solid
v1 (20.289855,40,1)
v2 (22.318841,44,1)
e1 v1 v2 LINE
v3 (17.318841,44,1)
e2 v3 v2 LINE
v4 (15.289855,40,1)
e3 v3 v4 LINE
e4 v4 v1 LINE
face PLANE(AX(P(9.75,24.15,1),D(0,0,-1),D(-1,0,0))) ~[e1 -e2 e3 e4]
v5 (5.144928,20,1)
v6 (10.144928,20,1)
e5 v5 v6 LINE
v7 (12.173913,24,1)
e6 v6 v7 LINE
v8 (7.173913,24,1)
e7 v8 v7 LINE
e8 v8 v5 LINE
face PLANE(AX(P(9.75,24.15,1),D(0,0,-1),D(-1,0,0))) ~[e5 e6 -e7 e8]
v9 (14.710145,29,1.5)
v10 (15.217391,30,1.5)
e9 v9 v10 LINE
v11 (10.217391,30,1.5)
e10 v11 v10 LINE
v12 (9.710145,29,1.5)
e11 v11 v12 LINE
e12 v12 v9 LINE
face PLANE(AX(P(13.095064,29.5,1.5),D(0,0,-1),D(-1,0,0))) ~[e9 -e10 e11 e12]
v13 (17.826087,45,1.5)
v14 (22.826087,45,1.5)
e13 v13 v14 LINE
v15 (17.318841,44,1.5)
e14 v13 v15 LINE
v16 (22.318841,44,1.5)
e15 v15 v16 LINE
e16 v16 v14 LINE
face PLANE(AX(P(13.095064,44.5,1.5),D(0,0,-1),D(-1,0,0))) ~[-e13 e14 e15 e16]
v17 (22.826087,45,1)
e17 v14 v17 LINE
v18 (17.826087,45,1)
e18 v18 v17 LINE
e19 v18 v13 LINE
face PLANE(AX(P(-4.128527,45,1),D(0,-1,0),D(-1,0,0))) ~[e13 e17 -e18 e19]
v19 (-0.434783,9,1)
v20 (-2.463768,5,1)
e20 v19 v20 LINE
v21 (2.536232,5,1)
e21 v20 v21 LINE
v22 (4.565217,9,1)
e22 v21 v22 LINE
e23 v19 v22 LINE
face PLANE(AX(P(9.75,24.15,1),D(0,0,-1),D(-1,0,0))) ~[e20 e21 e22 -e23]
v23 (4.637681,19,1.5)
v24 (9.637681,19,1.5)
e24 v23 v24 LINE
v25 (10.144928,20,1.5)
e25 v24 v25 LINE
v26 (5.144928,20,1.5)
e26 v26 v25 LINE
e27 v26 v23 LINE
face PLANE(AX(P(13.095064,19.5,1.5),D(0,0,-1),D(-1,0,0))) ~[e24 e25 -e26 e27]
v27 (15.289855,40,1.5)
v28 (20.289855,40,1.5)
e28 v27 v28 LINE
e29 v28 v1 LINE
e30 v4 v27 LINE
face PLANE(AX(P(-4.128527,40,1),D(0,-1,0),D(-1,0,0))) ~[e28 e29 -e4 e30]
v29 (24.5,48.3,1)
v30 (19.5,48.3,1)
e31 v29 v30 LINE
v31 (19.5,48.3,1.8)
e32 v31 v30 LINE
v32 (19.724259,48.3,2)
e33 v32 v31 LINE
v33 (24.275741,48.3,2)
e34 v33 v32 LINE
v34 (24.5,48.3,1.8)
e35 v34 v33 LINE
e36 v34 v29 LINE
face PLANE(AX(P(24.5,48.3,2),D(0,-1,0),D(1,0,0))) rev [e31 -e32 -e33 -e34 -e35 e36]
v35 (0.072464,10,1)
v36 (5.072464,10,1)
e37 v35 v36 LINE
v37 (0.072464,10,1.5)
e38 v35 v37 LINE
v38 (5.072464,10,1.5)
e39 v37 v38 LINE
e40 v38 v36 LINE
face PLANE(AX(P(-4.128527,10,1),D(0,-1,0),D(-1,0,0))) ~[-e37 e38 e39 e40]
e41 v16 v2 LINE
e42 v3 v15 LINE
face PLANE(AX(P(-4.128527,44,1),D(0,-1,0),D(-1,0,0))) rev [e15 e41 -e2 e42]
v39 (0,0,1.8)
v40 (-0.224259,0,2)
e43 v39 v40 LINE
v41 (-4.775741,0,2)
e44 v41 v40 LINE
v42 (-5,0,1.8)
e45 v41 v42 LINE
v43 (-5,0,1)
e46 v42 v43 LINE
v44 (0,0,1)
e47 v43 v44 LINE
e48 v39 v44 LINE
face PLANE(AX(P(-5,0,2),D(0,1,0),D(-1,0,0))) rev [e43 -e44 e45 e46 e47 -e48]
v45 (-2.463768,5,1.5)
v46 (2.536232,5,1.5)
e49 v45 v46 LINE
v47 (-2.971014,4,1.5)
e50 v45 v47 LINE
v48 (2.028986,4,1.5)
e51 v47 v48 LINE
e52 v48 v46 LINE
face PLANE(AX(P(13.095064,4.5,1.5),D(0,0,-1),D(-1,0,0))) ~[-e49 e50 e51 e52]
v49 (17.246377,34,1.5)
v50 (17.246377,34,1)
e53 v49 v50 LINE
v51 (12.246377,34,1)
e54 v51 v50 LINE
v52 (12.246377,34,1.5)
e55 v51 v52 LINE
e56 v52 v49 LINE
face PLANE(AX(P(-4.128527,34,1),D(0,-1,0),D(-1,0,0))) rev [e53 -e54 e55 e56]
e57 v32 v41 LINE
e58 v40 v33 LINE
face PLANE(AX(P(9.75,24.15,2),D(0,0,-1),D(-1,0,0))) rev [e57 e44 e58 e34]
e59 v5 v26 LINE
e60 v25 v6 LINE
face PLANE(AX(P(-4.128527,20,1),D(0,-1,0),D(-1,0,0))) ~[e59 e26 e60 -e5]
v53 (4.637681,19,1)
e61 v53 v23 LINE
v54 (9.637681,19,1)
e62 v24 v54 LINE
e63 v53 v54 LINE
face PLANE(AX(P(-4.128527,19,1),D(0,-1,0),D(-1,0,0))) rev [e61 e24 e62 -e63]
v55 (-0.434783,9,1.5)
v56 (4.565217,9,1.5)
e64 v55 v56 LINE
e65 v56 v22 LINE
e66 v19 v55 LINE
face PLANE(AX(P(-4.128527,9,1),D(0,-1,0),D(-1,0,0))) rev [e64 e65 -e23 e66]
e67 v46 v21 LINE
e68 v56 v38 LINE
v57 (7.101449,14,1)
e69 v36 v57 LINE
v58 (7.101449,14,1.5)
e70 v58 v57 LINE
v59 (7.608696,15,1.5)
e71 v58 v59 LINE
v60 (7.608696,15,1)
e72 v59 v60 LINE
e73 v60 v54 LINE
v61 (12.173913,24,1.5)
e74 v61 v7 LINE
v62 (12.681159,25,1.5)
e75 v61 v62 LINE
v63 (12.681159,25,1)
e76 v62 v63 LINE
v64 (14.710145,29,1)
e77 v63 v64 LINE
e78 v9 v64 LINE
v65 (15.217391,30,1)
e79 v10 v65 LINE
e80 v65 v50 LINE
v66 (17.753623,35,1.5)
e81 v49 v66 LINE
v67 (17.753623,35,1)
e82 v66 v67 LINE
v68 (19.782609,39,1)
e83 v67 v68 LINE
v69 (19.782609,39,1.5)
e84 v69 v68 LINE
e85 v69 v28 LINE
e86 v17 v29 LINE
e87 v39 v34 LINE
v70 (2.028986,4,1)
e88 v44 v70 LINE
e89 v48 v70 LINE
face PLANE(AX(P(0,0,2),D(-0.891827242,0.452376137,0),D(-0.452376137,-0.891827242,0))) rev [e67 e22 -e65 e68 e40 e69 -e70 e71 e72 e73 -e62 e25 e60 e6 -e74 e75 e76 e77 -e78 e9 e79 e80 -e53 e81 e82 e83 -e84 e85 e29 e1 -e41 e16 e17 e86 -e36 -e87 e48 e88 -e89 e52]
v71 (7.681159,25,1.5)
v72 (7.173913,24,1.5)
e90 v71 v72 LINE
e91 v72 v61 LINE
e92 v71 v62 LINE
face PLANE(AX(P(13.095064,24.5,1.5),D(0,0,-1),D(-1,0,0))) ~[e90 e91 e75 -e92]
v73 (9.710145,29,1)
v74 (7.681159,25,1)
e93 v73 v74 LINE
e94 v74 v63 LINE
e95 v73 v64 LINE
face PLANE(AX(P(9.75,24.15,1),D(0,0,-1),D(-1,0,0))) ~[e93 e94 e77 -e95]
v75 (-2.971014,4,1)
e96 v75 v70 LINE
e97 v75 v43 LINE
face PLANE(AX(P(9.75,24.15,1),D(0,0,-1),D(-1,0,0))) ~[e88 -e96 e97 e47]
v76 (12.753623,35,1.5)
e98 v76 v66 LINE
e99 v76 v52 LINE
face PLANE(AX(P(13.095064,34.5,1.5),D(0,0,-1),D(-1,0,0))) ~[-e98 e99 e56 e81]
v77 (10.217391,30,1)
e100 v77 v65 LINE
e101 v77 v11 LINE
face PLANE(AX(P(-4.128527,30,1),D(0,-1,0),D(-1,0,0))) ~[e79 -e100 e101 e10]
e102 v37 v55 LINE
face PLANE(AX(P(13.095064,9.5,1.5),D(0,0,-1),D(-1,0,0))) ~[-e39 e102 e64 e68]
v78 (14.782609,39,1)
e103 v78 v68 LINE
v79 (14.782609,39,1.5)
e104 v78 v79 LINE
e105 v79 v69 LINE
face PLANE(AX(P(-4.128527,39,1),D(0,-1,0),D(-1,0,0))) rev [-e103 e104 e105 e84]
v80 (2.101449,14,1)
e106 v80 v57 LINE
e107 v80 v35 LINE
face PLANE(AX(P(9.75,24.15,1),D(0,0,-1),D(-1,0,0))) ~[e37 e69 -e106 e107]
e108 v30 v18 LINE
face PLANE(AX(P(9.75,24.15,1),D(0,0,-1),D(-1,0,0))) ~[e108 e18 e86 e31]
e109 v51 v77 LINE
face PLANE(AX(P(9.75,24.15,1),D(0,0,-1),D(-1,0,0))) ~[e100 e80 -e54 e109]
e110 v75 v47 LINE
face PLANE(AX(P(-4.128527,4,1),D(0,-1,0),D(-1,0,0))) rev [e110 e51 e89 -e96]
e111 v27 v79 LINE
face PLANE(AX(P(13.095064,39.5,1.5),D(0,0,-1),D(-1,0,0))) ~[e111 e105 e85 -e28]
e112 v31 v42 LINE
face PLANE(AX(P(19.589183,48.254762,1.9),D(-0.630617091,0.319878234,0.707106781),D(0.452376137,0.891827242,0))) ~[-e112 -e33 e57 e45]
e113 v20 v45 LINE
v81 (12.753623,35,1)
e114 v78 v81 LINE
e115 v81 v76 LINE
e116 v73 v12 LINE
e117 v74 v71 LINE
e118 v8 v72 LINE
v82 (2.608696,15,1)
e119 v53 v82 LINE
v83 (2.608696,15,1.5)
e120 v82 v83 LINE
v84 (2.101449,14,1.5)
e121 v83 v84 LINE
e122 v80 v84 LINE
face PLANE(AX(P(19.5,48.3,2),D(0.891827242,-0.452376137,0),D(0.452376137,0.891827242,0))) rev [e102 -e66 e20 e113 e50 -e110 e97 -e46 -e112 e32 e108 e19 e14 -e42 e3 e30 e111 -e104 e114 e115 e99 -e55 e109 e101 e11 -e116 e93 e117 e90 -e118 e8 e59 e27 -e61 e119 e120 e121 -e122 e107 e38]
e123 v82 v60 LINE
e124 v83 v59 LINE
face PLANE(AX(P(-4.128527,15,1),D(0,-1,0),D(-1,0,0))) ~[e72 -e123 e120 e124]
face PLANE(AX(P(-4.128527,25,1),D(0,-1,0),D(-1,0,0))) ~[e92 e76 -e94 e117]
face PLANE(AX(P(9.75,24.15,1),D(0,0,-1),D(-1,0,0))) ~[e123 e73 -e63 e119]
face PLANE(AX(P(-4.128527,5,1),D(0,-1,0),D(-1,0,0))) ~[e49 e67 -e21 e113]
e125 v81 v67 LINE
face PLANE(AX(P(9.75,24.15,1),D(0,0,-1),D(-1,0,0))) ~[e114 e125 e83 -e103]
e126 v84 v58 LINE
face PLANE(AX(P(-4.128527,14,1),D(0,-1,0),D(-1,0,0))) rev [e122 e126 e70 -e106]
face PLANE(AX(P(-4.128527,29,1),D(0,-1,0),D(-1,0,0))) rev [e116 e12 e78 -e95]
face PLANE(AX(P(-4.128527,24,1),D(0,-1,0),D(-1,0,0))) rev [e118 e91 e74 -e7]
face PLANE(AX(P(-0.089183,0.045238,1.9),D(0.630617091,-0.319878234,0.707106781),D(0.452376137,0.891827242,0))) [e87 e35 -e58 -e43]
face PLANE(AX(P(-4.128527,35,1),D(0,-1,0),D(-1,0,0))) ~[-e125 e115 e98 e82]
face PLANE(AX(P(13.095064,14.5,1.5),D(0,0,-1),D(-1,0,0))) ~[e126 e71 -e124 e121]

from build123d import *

# Parameters (mm, degrees)
EXTRUDE_1_DEPTH     = 1
SKETCH_2_W          = 34.447182458
SKETCH_2_H          = 1
CUT_EXTRUDE_1_DEPTH = 0.5
CHAMFER_1_SIZE      = 0.2


with BuildPart() as part:
    # Эскиз1 → Бобышка-Вытянуть1 (new body)
    with BuildSketch(Plane.XY):
        Polygon((0, 0), (24.5, 48.3), (19.5, 48.3), (-5, 0), align=None)
    extrude(amount=EXTRUDE_1_DEPTH)

    # Эскиз2 → Вырез-Вытянуть1 (cut)
    with BuildSketch(Plane.XY.offset(1)):
        with Locations((13.095064359, 4.5)):
            Rectangle(SKETCH_2_W, SKETCH_2_H)
        with Locations((13.095064359, 9.5)):
            Rectangle(SKETCH_2_W, SKETCH_2_H)
        with Locations((13.095064359, 14.5)):
            Rectangle(SKETCH_2_W, SKETCH_2_H)
        with Locations((13.095064359, 19.5)):
            Rectangle(SKETCH_2_W, SKETCH_2_H)
        with Locations((13.095064359, 24.5)):
            Rectangle(SKETCH_2_W, SKETCH_2_H)
        with Locations((13.095064359, 29.5)):
            Rectangle(SKETCH_2_W, SKETCH_2_H)
        with Locations((13.095064359, 34.5)):
            Rectangle(SKETCH_2_W, SKETCH_2_H)
        with Locations((13.095064359, 39.5)):
            Rectangle(SKETCH_2_W, SKETCH_2_H)
        with Locations((13.095064359, 44.5)):
            Rectangle(SKETCH_2_W, SKETCH_2_H)
    extrude(amount=-CUT_EXTRUDE_1_DEPTH, mode=Mode.SUBTRACT)


with BuildPart() as body_2:
    # Зеркальное отражение1: mirrored copy
    add(part.part.mirror(Plane.XY.offset(1)))

    # Фаска1
    chamfer_1_edges = [body_2.edges().sort_by_distance(p)[0] for p in [
        (7.25, 24.15, 2),
        (12.25, 24.15, 2),
    ]]
    chamfer(chamfer_1_edges, length=CHAMFER_1_SIZE)


solid = body_2.part
